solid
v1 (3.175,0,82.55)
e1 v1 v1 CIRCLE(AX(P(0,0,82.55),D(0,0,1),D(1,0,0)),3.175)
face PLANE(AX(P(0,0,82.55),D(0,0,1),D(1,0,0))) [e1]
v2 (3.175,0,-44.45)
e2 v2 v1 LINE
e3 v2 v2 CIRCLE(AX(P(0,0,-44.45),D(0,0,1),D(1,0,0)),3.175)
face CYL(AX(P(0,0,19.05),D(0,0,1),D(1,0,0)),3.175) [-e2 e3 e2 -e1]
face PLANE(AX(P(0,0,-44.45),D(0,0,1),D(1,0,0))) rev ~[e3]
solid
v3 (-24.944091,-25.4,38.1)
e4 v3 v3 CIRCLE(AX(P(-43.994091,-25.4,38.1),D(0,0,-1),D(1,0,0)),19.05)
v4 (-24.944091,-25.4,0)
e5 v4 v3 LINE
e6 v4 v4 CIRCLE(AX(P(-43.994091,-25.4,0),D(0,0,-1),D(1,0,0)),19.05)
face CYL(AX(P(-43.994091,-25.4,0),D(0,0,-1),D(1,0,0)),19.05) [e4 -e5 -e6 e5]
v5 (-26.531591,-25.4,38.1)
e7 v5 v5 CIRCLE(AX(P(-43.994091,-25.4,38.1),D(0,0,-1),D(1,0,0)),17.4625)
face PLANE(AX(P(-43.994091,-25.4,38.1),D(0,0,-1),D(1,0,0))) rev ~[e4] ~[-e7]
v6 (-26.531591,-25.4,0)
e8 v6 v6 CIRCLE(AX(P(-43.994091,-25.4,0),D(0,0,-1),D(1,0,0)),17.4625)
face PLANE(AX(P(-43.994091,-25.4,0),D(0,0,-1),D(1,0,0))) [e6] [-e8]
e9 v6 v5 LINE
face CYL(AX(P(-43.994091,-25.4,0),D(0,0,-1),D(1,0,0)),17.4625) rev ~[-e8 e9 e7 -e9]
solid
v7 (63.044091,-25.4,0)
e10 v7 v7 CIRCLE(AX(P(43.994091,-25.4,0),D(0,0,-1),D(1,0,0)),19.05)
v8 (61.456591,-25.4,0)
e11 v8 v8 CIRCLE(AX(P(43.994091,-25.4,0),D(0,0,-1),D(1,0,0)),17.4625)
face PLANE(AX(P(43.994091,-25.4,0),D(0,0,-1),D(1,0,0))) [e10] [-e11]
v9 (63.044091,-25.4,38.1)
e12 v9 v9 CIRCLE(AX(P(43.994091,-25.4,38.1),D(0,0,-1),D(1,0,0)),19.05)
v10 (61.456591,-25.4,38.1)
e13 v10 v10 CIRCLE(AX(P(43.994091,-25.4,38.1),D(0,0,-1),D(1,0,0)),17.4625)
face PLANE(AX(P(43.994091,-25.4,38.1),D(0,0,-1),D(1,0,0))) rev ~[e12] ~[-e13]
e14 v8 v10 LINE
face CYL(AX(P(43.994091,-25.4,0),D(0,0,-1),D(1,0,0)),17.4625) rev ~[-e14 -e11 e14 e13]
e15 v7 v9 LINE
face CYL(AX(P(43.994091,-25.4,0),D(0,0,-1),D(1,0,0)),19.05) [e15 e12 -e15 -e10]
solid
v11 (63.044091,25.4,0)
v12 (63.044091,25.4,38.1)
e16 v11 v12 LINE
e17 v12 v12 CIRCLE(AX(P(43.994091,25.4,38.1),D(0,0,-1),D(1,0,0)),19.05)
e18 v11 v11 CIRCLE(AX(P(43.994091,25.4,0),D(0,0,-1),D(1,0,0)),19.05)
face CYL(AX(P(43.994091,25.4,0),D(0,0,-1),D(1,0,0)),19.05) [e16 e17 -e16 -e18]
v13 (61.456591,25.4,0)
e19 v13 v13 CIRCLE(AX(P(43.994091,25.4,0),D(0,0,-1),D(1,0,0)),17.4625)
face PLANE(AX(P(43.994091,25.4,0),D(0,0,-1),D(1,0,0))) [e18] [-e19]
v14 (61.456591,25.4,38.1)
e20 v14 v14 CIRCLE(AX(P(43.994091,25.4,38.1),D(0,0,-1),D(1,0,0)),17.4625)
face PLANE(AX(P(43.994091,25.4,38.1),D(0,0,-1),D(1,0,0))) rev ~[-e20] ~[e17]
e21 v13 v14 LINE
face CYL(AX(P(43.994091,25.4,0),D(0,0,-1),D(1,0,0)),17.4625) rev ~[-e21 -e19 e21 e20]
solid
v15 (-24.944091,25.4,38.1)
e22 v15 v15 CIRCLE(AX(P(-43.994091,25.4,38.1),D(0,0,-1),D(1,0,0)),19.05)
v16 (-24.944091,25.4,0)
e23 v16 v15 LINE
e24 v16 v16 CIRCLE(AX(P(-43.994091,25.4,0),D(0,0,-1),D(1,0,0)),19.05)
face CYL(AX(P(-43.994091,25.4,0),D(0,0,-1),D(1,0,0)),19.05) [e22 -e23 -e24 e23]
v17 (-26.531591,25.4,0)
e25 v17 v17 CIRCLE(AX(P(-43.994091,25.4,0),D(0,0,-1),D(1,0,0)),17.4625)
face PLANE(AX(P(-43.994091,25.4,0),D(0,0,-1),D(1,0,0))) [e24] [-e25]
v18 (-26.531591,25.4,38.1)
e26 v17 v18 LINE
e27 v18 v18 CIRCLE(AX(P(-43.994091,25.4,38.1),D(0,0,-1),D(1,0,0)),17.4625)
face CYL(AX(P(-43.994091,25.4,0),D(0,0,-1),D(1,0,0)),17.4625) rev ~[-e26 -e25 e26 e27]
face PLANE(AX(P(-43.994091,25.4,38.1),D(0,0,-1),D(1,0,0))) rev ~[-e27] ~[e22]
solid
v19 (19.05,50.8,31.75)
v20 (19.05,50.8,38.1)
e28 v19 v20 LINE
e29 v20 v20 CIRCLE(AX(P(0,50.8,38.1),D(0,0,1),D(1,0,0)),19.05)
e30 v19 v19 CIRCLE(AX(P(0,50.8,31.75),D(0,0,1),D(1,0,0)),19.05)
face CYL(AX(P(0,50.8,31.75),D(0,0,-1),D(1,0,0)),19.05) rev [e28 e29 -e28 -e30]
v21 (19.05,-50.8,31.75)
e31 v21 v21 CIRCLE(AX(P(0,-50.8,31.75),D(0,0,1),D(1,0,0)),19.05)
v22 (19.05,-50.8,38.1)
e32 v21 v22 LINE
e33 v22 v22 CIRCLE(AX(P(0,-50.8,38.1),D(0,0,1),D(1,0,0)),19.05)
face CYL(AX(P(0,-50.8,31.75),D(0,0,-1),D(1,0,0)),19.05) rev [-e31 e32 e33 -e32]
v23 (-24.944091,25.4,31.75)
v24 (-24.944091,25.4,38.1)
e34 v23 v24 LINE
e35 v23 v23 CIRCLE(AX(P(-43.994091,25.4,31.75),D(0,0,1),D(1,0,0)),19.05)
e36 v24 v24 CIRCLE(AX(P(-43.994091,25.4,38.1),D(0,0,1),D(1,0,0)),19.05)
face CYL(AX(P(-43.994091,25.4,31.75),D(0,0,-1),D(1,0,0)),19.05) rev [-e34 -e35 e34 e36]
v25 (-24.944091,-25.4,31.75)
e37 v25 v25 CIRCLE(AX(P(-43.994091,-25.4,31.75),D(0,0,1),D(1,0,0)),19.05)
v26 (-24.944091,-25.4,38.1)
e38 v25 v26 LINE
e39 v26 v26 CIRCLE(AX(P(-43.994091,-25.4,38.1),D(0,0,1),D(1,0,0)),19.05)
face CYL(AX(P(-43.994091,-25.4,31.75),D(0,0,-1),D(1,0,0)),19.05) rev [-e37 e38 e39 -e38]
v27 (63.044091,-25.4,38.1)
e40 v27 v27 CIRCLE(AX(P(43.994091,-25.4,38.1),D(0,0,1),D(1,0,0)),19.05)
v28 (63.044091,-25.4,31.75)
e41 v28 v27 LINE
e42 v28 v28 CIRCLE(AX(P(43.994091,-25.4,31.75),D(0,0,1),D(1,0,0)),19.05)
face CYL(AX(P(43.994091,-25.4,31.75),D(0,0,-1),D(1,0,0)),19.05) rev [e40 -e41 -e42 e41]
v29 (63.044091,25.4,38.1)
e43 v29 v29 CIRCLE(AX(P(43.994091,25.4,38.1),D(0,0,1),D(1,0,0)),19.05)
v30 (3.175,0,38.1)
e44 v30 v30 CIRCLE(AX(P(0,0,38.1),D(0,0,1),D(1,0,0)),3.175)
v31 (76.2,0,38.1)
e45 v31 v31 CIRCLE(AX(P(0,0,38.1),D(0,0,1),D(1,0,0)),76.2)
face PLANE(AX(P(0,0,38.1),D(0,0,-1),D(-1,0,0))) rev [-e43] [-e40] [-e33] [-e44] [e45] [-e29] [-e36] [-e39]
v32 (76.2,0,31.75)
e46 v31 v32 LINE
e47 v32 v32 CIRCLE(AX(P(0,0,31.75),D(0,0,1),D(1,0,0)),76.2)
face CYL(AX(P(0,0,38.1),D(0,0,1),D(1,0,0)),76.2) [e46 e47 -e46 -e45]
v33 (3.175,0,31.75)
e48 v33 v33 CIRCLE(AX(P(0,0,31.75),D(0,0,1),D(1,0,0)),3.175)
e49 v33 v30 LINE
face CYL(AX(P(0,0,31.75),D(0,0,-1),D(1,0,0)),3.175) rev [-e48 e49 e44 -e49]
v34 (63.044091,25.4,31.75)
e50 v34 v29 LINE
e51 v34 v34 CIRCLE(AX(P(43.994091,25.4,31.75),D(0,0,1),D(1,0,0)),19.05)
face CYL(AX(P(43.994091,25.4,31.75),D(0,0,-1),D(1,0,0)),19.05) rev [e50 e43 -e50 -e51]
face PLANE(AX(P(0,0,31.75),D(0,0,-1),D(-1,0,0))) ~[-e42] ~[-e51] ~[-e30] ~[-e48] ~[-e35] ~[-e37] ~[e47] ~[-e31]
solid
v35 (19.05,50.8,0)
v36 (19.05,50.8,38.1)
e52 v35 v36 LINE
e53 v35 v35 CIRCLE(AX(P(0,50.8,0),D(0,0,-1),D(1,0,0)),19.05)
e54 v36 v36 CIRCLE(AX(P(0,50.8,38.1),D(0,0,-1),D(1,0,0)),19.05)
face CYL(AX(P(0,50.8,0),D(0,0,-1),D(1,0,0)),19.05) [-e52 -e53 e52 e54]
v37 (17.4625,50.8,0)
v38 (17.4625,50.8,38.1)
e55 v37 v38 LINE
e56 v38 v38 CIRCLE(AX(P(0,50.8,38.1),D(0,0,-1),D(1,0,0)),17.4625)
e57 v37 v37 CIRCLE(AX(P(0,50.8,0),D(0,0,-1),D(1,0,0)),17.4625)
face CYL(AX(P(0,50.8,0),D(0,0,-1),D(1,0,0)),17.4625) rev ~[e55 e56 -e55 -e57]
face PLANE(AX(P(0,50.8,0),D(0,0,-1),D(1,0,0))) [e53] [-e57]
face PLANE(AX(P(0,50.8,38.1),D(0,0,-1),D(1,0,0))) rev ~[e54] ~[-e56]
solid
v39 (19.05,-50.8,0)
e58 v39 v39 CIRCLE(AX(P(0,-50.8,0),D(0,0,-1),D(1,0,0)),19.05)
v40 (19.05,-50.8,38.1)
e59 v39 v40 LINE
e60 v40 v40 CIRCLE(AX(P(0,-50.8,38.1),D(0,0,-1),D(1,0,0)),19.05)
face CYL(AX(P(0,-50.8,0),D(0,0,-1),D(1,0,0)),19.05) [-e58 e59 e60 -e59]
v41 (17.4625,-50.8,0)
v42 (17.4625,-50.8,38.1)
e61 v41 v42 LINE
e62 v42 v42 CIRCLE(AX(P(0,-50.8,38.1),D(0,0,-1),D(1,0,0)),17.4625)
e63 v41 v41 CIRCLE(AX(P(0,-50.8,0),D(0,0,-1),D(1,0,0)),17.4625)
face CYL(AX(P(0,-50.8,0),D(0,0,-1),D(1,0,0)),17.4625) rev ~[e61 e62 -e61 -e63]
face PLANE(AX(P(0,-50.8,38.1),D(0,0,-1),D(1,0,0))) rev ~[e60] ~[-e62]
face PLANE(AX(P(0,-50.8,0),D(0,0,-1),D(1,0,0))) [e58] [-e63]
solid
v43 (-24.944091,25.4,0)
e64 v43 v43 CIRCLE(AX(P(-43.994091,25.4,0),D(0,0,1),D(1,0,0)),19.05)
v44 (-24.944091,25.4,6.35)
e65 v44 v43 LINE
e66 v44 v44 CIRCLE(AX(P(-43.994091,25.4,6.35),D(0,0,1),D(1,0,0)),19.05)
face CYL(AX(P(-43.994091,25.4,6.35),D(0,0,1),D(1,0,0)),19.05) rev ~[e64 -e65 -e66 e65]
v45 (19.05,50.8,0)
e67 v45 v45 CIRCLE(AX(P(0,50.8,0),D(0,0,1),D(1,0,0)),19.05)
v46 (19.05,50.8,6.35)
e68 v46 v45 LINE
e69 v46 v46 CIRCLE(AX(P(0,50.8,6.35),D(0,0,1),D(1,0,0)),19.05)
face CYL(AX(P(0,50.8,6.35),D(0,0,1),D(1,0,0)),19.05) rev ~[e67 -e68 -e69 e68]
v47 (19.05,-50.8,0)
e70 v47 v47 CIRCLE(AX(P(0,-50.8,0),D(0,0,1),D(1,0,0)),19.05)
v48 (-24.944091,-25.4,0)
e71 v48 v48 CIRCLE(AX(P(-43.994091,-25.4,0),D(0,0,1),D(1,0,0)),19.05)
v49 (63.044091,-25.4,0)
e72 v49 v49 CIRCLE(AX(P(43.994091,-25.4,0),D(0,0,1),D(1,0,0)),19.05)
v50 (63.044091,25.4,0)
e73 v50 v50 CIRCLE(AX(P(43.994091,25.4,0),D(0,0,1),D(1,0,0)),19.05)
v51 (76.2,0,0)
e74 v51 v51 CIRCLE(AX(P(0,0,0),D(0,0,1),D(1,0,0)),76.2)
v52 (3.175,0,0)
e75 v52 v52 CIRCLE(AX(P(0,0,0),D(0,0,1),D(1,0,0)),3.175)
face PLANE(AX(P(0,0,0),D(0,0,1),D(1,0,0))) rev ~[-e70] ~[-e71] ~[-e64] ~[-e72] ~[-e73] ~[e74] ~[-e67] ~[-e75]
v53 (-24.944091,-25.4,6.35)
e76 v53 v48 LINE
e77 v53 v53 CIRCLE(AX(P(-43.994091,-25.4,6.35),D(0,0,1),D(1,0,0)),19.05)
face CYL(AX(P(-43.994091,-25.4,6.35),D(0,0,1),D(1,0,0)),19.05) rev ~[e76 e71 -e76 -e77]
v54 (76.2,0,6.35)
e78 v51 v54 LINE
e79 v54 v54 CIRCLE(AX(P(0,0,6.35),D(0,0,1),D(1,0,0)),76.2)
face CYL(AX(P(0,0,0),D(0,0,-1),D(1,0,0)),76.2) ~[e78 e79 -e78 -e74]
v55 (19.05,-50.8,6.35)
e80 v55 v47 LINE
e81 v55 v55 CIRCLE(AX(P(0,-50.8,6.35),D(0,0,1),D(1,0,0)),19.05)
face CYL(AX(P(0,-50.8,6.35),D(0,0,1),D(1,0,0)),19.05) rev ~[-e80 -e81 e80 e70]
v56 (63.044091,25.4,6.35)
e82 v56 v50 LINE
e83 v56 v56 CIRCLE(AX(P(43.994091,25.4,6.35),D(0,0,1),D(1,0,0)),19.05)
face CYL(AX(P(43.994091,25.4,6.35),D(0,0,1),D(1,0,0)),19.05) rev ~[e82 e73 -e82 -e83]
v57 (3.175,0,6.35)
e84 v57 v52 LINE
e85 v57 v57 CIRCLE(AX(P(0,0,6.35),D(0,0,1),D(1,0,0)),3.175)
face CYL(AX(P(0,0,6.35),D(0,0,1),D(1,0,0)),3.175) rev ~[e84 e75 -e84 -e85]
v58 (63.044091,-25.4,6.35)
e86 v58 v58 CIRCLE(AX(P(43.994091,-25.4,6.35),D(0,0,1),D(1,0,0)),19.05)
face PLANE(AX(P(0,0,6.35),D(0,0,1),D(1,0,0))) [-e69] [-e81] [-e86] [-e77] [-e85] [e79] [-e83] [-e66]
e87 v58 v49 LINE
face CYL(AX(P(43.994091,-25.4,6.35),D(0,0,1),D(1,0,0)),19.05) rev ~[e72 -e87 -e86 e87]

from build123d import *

# Parameters (mm, degrees)
F0_R     = 76.2
F1_DEPTH = 6.35
F2_R     = 19.05
F2_R_2   = 3.175
F3_DEPTH = 6.351
F4_R     = 19.05
F4_R_2   = 17.4625
F5_DEPTH = 38.1
F8_R     = 3.175
F9_DEPTH = 63.5


with BuildPart() as f1:
    # F0 (on Top) → F1 (new body)
    with BuildSketch(Plane.XY):
        Circle(F0_R)
    extrude(amount=F1_DEPTH)

    # F2 (on face) → F3 (cut, through all)
    with BuildSketch(Plane.XY.offset(6.35)):
        with Locations((0, 50.8)):
            Circle(F2_R)
        with Locations((-43.9940905122, 25.4)):
            Circle(F2_R)
        with Locations((-43.9940905122, -25.4)):
            Circle(F2_R)
        with Locations((0, -50.8)):
            Circle(F2_R)
        with Locations((43.9940905122, -25.4)):
            Circle(F2_R)
        with Locations((43.9940905122, 25.4)):
            Circle(F2_R)
        Circle(F2_R_2)
    extrude(amount=-F3_DEPTH, mode=Mode.SUBTRACT)


with BuildPart() as f5:
    # F4 (on face) → F5 (new body)
    with BuildSketch(Plane(origin=(0, 0, 0), x_dir=(1, 0, 0), z_dir=(0, 0, -1))):
        with Locations((0, -50.8)):
            Circle(F4_R)
        with Locations((0, -50.8)):
            Circle(F4_R_2, mode=Mode.SUBTRACT)
    extrude(amount=-F5_DEPTH)


with BuildPart() as f5b:
    # F4 (on face) → F5, piece 2 (new body)
    with BuildSketch(Plane(origin=(0, 0, 0), x_dir=(1, 0, 0), z_dir=(0, 0, -1))):
        with Locations((43.9940905122, -25.4)):
            Circle(F4_R)
        with Locations((43.9940905122, -25.4)):
            Circle(F4_R_2, mode=Mode.SUBTRACT)
    extrude(amount=-F5_DEPTH)


with BuildPart() as f5c:
    # F4 (on face) → F5, piece 3 (new body)
    with BuildSketch(Plane(origin=(0, 0, 0), x_dir=(1, 0, 0), z_dir=(0, 0, -1))):
        with Locations((43.9940905122, 25.4)):
            Circle(F4_R)
        with Locations((43.9940905122, 25.4)):
            Circle(F4_R_2, mode=Mode.SUBTRACT)
    extrude(amount=-F5_DEPTH)


with BuildPart() as f5d:
    # F4 (on face) → F5, piece 4 (new body)
    with BuildSketch(Plane(origin=(0, 0, 0), x_dir=(1, 0, 0), z_dir=(0, 0, -1))):
        with Locations((0, 50.8)):
            Circle(F4_R)
        with Locations((0, 50.8)):
            Circle(F4_R_2, mode=Mode.SUBTRACT)
    extrude(amount=-F5_DEPTH)


with BuildPart() as f5e:
    # F4 (on face) → F5, piece 5 (new body)
    with BuildSketch(Plane(origin=(0, 0, 0), x_dir=(1, 0, 0), z_dir=(0, 0, -1))):
        with Locations((-43.9940905122, 25.4)):
            Circle(F4_R)
        with Locations((-43.9940905122, 25.4)):
            Circle(F4_R_2, mode=Mode.SUBTRACT)
    extrude(amount=-F5_DEPTH)


with BuildPart() as f5f:
    # F4 (on face) → F5, piece 6 (new body)
    with BuildSketch(Plane(origin=(0, 0, 0), x_dir=(1, 0, 0), z_dir=(0, 0, -1))):
        with Locations((-43.9940905122, -25.4)):
            Circle(F4_R)
        with Locations((-43.9940905122, -25.4)):
            Circle(F4_R_2, mode=Mode.SUBTRACT)
    extrude(amount=-F5_DEPTH)


with BuildPart() as f7_1:
    # F7: instance of F1
    add(f1.part.mirror(Plane.XY.offset(19.05)))


with BuildPart() as f9:
    # F8 (on offset) → F9 (new body, symmetric)
    with BuildSketch(Plane.XY.offset(19.05)):
        Circle(F8_R)
    extrude(amount=F9_DEPTH, both=True)


solid = Compound([f1.part, f5.part, f5b.part, f5c.part, f5d.part, f5e.part, f5f.part, f7_1.part, f9.part])
